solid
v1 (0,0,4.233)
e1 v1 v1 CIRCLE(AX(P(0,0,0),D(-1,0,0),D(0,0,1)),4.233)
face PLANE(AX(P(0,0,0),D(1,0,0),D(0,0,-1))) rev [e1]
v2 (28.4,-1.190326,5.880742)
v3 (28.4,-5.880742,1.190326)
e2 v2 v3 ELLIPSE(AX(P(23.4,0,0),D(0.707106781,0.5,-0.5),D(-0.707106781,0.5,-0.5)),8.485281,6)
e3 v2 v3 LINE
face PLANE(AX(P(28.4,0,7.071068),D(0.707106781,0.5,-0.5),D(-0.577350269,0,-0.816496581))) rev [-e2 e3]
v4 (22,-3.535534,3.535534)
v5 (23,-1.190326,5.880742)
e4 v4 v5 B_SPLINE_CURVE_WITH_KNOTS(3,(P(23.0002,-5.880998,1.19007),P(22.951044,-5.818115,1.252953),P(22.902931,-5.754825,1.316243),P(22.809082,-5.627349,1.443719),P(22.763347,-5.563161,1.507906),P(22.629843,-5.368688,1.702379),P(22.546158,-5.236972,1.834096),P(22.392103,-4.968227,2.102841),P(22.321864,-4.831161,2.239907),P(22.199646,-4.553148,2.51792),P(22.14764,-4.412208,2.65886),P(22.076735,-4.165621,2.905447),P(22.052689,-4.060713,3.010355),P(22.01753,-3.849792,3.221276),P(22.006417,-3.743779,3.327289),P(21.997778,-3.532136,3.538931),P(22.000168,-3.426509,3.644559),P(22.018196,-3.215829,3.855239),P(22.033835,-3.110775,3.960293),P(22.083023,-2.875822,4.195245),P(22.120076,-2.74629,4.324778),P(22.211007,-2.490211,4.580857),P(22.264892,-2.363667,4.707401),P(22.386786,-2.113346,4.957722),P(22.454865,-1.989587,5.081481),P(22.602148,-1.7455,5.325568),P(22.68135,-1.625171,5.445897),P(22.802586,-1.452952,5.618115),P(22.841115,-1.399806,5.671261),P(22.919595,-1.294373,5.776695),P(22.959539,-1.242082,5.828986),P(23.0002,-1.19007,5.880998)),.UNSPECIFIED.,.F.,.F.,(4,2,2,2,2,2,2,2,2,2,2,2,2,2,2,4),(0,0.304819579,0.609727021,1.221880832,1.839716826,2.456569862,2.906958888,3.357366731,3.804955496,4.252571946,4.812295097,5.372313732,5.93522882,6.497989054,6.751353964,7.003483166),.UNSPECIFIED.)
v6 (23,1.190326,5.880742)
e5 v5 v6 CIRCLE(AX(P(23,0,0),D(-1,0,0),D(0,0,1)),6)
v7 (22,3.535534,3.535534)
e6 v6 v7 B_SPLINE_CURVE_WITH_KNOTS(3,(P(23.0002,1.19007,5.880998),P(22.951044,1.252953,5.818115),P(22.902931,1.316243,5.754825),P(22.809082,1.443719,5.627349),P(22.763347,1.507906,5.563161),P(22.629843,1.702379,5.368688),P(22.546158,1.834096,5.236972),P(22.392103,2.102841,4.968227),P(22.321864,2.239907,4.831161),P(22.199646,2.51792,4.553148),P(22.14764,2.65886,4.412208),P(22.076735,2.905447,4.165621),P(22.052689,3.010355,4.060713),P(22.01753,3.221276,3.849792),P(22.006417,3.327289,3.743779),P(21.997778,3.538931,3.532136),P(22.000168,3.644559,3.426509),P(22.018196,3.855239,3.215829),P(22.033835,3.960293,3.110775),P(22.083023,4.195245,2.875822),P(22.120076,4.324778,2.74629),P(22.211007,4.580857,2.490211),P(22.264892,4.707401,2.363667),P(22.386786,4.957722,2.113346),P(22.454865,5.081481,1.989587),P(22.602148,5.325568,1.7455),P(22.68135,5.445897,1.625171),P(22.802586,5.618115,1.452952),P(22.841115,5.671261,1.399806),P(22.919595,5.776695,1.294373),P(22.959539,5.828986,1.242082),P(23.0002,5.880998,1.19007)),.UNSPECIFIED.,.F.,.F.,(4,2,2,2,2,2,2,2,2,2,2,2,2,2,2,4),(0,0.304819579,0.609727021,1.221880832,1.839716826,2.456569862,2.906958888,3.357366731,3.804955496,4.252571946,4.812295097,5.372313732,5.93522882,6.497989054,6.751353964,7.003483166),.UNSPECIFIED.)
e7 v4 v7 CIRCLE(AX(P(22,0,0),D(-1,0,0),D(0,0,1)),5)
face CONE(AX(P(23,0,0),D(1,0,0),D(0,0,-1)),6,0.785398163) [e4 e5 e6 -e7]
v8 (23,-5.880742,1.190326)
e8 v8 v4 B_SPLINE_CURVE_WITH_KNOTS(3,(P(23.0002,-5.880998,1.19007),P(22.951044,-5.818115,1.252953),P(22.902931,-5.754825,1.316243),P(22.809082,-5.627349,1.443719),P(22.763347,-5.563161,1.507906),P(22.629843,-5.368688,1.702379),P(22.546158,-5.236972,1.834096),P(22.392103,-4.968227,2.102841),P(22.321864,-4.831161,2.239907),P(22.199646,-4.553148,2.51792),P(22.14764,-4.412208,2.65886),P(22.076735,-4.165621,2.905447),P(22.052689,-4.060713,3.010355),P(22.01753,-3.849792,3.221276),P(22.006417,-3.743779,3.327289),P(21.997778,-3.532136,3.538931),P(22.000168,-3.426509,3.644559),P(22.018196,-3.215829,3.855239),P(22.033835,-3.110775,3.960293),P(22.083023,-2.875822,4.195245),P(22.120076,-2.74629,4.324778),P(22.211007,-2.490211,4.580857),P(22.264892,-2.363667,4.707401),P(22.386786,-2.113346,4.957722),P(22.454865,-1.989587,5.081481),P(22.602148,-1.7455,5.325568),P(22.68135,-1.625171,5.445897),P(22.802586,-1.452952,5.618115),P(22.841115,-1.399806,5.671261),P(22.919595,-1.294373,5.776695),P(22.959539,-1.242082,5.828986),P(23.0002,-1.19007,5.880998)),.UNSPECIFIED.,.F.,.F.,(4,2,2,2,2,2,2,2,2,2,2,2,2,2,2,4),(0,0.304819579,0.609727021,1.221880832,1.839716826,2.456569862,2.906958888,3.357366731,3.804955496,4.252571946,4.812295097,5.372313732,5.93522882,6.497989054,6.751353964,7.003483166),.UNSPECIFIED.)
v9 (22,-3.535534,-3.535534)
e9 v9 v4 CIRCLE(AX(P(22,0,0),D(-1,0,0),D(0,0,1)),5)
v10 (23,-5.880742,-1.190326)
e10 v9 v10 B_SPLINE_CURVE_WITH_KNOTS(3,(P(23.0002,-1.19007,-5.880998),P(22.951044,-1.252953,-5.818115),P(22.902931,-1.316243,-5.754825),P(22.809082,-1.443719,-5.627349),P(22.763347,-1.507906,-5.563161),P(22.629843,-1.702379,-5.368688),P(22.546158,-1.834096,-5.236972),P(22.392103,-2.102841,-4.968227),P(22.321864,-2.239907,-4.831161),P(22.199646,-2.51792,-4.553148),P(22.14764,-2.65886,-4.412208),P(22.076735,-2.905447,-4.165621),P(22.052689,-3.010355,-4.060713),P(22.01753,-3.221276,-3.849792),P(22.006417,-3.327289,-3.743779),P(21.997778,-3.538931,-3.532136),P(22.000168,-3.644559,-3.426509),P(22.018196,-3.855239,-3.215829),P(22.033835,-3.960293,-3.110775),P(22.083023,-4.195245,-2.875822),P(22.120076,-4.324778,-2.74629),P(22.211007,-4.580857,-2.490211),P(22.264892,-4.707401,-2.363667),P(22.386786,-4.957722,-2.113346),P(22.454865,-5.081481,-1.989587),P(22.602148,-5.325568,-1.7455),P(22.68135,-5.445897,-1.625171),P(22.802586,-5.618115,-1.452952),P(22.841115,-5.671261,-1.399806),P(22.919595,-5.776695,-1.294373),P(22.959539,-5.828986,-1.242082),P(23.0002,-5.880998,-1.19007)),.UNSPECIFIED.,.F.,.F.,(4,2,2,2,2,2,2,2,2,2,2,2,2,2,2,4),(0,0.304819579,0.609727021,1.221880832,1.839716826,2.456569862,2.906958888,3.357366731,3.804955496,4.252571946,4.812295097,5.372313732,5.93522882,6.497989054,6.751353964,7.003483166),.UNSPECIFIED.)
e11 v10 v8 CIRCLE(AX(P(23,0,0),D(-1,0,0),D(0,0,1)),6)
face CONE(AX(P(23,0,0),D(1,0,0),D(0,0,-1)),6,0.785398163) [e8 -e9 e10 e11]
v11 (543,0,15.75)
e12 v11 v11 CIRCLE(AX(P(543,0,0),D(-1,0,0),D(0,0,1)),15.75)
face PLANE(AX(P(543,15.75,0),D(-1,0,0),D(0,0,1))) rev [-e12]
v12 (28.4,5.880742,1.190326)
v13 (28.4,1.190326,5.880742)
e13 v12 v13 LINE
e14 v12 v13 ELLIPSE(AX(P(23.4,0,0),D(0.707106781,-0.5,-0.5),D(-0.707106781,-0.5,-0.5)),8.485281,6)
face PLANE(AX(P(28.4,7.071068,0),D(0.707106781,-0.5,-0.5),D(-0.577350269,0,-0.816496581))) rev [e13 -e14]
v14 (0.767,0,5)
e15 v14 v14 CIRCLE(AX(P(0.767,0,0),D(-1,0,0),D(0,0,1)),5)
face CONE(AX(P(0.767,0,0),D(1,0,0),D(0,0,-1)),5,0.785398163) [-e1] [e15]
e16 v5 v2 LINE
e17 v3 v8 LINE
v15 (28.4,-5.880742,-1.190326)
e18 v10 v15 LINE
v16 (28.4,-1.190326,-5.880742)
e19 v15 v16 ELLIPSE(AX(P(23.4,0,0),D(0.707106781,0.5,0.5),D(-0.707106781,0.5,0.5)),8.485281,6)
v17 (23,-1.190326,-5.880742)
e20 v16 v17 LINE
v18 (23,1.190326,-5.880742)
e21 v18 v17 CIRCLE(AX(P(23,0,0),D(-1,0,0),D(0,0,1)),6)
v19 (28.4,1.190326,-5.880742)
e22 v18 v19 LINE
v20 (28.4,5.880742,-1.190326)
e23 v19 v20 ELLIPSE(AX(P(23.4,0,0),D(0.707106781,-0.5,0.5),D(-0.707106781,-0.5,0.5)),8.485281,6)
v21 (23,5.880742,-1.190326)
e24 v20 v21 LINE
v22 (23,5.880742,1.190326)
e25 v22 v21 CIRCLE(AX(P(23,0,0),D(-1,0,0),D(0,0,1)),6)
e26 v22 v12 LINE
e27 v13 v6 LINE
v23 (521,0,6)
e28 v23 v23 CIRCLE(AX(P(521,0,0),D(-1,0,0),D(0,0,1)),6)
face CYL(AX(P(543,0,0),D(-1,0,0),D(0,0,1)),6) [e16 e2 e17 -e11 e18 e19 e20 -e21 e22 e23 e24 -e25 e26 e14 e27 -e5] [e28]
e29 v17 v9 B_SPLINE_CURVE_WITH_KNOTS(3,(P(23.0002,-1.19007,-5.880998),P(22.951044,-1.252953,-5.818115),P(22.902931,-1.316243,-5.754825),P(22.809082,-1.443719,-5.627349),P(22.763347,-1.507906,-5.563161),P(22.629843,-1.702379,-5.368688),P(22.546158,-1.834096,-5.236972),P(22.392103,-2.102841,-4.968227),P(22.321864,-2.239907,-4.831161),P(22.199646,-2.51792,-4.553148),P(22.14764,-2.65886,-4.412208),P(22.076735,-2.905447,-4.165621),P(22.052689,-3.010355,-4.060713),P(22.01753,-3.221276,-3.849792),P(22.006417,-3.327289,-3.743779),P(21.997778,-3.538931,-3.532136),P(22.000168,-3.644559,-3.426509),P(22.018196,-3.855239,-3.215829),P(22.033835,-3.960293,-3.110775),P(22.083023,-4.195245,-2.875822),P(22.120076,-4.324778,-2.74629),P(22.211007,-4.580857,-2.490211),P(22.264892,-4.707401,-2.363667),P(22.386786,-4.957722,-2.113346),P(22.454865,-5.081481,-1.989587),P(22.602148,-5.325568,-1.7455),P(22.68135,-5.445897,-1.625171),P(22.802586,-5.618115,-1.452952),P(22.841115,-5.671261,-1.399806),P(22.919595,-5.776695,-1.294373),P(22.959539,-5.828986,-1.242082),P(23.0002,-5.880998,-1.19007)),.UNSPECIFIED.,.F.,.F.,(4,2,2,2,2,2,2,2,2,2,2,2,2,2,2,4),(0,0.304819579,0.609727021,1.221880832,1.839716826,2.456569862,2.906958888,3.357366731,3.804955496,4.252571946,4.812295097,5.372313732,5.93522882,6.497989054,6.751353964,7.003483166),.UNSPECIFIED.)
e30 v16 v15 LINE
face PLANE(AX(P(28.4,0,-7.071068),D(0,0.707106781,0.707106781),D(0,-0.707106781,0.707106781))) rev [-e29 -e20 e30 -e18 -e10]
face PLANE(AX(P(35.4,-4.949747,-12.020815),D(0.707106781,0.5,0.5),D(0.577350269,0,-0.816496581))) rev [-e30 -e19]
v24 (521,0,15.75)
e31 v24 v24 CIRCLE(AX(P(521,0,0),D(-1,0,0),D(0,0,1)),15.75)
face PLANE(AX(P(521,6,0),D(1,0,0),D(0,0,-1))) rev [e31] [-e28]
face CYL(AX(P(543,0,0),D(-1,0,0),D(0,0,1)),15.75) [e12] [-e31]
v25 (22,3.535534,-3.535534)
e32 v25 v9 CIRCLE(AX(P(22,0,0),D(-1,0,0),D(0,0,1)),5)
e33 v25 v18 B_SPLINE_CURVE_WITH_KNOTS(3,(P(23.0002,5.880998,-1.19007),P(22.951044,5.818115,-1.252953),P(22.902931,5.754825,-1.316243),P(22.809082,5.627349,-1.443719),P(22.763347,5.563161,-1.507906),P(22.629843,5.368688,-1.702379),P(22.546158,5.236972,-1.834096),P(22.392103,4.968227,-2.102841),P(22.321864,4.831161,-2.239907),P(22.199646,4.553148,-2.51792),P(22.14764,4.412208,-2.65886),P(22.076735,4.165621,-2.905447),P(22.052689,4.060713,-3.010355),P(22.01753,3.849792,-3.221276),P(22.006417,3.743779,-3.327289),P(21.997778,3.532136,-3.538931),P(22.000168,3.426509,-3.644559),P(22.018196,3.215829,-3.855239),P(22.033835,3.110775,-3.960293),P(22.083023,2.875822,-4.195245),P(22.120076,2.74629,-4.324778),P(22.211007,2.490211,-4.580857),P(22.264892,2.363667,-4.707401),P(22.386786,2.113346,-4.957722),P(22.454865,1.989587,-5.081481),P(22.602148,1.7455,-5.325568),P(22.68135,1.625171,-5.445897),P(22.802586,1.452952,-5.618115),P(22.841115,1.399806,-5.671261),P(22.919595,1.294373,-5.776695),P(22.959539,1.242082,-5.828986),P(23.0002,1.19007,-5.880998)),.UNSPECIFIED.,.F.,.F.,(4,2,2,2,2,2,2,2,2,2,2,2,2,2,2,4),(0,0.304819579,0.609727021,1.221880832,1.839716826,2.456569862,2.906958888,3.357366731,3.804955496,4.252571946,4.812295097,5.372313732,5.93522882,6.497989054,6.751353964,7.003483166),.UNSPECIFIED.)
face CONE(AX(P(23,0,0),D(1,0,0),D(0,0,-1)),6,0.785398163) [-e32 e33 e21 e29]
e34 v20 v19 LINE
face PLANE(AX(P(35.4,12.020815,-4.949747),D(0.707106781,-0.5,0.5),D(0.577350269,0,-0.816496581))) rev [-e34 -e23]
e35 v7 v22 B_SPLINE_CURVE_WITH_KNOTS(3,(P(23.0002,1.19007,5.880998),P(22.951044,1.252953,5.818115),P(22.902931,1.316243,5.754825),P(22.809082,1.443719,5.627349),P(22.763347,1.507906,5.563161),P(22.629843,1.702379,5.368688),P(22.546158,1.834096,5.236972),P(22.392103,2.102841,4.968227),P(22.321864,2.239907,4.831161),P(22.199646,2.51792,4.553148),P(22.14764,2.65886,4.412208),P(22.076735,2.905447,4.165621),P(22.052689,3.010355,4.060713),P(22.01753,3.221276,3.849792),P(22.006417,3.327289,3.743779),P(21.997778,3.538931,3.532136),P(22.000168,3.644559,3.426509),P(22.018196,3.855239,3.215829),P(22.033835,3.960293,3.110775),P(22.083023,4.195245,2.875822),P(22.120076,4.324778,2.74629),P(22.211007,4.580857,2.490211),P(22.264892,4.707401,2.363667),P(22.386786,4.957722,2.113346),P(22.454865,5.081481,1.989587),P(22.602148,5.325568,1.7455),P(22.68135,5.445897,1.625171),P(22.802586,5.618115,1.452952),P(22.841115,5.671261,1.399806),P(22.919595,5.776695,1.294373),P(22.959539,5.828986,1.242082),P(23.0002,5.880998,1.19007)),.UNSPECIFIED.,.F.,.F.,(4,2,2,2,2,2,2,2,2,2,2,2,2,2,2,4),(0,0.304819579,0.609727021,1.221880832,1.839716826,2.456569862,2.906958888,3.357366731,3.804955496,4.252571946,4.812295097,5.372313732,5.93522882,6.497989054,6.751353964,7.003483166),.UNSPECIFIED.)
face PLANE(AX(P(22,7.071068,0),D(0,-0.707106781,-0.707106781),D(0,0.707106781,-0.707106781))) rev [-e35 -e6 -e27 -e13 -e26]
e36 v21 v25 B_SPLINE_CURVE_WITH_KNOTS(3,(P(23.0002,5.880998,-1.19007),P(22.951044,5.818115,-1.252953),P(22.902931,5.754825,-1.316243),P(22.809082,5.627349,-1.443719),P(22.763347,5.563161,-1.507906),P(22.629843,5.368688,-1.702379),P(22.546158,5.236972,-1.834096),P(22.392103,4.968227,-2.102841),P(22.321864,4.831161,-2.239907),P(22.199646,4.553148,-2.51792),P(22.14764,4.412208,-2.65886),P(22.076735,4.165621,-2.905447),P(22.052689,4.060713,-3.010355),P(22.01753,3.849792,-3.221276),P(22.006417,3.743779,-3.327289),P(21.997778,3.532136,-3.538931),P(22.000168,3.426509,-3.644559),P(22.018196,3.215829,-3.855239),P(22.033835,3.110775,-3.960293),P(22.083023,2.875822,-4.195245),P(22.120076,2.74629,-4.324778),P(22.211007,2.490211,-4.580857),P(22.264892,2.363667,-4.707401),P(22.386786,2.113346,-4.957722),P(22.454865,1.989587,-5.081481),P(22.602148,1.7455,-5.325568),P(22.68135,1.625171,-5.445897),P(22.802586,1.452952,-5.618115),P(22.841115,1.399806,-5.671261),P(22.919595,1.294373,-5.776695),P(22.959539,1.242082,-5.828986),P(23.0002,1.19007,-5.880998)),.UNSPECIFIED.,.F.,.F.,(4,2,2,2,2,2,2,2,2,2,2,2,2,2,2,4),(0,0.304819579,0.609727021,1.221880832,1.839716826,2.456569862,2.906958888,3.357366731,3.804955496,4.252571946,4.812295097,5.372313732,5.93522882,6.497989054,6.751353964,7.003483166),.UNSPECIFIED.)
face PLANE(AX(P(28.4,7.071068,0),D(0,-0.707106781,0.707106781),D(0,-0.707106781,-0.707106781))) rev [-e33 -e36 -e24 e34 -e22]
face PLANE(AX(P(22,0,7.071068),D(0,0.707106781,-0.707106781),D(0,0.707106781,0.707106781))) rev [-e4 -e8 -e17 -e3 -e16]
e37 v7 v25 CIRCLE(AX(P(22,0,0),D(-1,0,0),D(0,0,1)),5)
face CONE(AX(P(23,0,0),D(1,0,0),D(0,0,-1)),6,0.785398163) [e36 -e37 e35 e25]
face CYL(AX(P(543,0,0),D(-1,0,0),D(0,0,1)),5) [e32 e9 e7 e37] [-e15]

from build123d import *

# Parameters (mm, degrees)
CUT_EXTRUDE_1_DEPTH      = 5
CUT_EXTRUDE_1_DEPTH_BACK = 5
CUT_EXTRUDE_2_DEPTH      = 5
CUT_EXTRUDE_2_DEPTH_BACK = 5


with BuildPart() as part:
    # 草图1 → 旋转1 (revolve)
    with BuildSketch(Plane.XY):
        Polygon((0, 0), (0, 4.233), (0.767, 5), (22, 5), (23, 6), (521, 6), (521, 15.75), (543, 15.75), (543, 0), align=None)
    revolve(axis=Axis((543, 0, 0), (-1, 0, 0)))

    # 草图2 → 切除-拉伸1 (cut, two sides: drawn at the far end of the back side and taken through both)
    with BuildSketch(Plane(origin=(0, 0, 0), x_dir=(1, 0, 0), z_dir=(0, -0.7071067811865477, 0.7071067811865475)).offset(-CUT_EXTRUDE_1_DEPTH_BACK)):
        Polygon((-5, -12), (35.4, -12), (28.4, -5), (22, -5), (19.8, -7.2), (19.8, -10), (-3, -10), (-3, 10), (19.8, 10), (19.8, 7.2), (22, 5), (28.4, 5), (35.4, 12), (-5, 12), align=None)
    extrude(amount=CUT_EXTRUDE_1_DEPTH + CUT_EXTRUDE_1_DEPTH_BACK, mode=Mode.SUBTRACT)

    # 草图3 → 切除-拉伸2 (cut, two sides: drawn at the far end of the back side and taken through both)
    with BuildSketch(Plane(origin=(0, 0, 0), x_dir=(-1, 0, 0), z_dir=(0, -0.7071067811865477, -0.7071067811865475)).offset(-CUT_EXTRUDE_2_DEPTH_BACK)):
        Polygon((5, 12), (-35.4, 12), (-28.4, 5), (-22, 5), (-19.8, 7.2), (-19.8, 10), (3, 10), (3, -10), (-19.8, -10), (-19.8, -7.2), (-22, -5), (-28.4, -5), (-35.4, -12), (5, -12), align=None)
    extrude(amount=CUT_EXTRUDE_2_DEPTH + CUT_EXTRUDE_2_DEPTH_BACK, mode=Mode.SUBTRACT)


solid = part.part
